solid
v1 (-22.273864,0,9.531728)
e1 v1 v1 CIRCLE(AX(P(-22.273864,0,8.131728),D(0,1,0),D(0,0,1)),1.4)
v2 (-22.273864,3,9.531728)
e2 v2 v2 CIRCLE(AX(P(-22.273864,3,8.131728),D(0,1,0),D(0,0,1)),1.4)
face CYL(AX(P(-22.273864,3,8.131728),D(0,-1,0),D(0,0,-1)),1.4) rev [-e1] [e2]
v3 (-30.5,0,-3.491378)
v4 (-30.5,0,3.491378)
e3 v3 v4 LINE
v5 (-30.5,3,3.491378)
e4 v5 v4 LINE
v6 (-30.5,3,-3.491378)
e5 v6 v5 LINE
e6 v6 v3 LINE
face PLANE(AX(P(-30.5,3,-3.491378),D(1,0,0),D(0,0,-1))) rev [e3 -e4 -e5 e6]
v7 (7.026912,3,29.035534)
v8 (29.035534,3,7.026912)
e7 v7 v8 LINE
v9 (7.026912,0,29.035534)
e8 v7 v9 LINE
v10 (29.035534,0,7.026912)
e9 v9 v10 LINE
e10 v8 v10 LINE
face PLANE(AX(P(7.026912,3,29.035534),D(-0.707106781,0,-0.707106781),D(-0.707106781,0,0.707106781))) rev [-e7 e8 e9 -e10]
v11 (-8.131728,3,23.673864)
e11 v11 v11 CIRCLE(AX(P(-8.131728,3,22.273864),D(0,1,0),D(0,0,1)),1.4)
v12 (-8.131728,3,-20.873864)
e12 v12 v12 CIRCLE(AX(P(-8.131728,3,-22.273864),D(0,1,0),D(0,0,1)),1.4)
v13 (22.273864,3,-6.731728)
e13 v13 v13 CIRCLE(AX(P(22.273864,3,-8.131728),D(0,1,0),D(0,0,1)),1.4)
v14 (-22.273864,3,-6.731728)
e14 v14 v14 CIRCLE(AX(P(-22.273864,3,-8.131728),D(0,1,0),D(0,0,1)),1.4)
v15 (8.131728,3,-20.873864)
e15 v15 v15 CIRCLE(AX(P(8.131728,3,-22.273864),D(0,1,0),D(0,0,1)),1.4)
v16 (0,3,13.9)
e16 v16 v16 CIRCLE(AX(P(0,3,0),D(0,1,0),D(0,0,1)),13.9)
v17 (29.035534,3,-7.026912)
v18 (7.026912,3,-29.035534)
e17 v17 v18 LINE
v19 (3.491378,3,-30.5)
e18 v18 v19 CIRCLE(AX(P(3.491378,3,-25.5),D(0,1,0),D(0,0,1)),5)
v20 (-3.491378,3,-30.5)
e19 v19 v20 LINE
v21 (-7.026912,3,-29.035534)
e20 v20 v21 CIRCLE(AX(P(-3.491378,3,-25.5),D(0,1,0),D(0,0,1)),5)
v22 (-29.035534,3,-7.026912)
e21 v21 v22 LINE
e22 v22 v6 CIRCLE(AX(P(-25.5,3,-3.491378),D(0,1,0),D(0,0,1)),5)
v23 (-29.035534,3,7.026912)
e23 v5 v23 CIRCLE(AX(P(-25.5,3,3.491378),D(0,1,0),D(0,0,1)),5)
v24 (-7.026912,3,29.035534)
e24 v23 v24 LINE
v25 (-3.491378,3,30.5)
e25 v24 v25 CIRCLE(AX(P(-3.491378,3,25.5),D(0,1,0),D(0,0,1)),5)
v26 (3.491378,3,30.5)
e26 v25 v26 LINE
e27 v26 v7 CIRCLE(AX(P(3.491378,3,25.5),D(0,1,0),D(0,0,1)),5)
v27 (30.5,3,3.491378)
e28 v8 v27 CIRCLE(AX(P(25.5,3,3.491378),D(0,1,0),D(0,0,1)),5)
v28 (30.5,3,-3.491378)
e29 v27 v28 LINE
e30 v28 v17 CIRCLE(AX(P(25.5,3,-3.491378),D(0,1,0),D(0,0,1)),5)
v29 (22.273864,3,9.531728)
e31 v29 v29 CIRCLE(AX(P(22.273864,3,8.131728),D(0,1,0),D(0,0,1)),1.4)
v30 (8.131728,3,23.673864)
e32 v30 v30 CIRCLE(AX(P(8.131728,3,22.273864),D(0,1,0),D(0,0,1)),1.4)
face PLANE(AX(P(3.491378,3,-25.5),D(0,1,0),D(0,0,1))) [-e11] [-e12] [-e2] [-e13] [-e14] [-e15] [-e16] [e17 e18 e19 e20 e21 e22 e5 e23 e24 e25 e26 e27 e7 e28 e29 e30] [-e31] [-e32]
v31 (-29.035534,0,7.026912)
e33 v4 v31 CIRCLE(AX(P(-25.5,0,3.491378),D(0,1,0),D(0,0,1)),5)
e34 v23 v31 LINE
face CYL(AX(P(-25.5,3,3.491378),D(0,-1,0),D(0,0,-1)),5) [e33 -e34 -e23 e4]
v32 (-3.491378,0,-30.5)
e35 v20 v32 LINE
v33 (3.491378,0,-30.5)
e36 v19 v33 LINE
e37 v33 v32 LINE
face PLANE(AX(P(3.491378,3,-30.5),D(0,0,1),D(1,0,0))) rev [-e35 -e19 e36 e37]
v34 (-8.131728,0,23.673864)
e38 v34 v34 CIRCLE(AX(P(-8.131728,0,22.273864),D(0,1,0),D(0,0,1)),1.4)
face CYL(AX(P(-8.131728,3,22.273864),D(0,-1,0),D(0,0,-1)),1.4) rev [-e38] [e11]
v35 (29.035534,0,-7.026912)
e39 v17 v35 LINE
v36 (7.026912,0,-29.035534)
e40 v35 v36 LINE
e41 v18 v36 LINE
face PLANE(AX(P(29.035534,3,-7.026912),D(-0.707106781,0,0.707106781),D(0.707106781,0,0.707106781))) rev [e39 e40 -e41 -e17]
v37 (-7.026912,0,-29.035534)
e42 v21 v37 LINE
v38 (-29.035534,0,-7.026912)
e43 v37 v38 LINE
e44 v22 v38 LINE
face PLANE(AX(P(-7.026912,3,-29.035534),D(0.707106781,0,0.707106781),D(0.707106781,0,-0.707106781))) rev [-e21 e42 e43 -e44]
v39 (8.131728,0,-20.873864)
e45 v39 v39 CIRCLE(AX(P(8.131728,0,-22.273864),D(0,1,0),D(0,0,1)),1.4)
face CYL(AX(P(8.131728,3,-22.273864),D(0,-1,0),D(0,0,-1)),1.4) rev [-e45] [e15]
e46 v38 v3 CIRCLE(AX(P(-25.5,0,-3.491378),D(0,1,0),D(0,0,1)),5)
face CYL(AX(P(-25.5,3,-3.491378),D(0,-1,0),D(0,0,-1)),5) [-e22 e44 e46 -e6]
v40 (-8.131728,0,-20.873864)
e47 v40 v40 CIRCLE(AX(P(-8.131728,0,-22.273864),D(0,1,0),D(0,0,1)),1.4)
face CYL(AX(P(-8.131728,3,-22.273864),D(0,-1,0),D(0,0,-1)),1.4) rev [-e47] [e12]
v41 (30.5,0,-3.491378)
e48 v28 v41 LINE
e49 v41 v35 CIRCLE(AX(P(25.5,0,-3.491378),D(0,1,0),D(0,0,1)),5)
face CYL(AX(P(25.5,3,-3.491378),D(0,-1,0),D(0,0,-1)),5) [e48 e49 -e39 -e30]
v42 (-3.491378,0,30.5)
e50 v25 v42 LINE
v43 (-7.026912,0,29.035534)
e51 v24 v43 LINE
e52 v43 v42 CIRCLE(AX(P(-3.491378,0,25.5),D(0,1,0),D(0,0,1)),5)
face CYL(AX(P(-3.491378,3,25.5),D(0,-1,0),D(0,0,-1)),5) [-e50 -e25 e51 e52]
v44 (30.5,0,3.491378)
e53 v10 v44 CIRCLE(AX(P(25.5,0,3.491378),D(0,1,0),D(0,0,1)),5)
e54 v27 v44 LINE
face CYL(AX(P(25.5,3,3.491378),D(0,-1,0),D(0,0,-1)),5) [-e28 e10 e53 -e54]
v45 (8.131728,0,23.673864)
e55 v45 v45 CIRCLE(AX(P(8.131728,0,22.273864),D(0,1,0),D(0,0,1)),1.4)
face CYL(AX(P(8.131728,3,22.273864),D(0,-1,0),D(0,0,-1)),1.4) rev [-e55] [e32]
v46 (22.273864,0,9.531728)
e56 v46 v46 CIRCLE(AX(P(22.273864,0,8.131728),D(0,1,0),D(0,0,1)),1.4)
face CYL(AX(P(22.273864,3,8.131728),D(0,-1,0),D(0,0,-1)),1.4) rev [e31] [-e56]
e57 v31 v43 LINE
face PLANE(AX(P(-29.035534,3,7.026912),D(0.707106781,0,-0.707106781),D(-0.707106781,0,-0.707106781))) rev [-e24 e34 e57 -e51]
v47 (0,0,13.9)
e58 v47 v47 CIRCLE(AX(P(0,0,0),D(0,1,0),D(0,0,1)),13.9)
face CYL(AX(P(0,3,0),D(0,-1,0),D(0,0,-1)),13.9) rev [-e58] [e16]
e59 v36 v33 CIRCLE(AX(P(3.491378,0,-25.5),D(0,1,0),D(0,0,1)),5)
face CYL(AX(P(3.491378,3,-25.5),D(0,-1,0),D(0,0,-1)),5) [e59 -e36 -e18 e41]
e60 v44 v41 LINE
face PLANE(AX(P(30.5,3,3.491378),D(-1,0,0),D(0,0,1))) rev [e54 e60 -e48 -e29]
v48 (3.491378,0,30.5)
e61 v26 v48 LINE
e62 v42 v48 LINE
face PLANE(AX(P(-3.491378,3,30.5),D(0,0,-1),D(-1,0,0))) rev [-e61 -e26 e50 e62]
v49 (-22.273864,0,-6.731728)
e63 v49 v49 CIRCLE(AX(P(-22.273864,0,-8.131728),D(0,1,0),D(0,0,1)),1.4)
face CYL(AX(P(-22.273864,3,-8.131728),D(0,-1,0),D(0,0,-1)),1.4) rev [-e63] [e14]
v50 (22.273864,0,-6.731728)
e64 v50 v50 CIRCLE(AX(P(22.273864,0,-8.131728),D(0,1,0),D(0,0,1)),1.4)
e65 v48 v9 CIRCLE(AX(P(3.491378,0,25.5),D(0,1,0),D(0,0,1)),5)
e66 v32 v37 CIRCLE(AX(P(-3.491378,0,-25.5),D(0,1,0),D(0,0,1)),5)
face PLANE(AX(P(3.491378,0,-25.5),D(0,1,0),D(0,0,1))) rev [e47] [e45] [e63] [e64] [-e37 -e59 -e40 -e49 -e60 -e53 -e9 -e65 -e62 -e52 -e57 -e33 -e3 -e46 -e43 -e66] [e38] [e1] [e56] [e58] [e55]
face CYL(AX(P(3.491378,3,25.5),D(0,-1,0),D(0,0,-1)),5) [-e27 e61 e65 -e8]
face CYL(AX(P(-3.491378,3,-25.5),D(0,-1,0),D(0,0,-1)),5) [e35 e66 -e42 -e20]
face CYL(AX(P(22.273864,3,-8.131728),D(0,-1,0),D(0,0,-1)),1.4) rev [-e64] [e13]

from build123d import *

# Parameters (mm, degrees)
SKETCH1_R           = 13.9
SKETCH1_R_2         = 1.4
BOSS_EXTRUDE1_DEPTH = 3


with BuildPart() as part:
    # Sketch1 → Boss-Extrude1 (new body)
    with BuildSketch(Plane(origin=(0, 0, 0), x_dir=(1, 0, 0), z_dir=(0, 1, 0))):
        with BuildLine():
            Line((3.491378029, 30.5), (-3.491378029, 30.5))
            ThreePointArc((-3.491378029, 30.5), (-5.40479519, 30.119397663), (-7.026911935, 29.035533906))
            Line((-7.026911935, 29.035533906), (-29.035533906, 7.026911935))
            ThreePointArc((-29.035533906, 7.026911935), (-30.119397663, 5.40479519), (-30.5, 3.491378029))
            Line((-30.5, 3.491378029), (-30.5, -3.491378029))
            ThreePointArc((-30.5, -3.491378029), (-30.119397663, -5.40479519), (-29.035533906, -7.026911935))
            Line((-29.035533906, -7.026911935), (-7.026911935, -29.035533906))
            ThreePointArc((-7.026911935, -29.035533906), (-5.40479519, -30.119397663), (-3.491378029, -30.5))
            Line((-3.491378029, -30.5), (3.491378029, -30.5))
            ThreePointArc((3.491378029, -30.5), (5.40479519, -30.119397663), (7.026911935, -29.035533906))
            Line((7.026911935, -29.035533906), (29.035533906, -7.026911935))
            ThreePointArc((29.035533906, -7.026911935), (30.119397663, -5.40479519), (30.5, -3.491378029))
            Line((30.5, -3.491378029), (30.5, 3.491378029))
            ThreePointArc((30.5, 3.491378029), (30.119397663, 5.40479519), (29.035533906, 7.026911935))
            Line((29.035533906, 7.026911935), (7.026911935, 29.035533906))
            ThreePointArc((7.026911935, 29.035533906), (5.40479519, 30.119397663), (3.491378029, 30.5))
        make_face()
        Circle(SKETCH1_R, mode=Mode.SUBTRACT)
        with Locations((8.131727984, -22.273863607)):
            Circle(SKETCH1_R_2, mode=Mode.SUBTRACT)
        with Locations((-8.131727984, -22.273863607)):
            Circle(SKETCH1_R_2, mode=Mode.SUBTRACT)
        with Locations((-22.273863607, -8.131727984)):
            Circle(SKETCH1_R_2, mode=Mode.SUBTRACT)
        with Locations((22.273863607, -8.131727984)):
            Circle(SKETCH1_R_2, mode=Mode.SUBTRACT)
        with Locations((22.273863607, 8.131727984)):
            Circle(SKETCH1_R_2, mode=Mode.SUBTRACT)
        with Locations((8.131727984, 22.273863607)):
            Circle(SKETCH1_R_2, mode=Mode.SUBTRACT)
        with Locations((-8.131727984, 22.273863607)):
            Circle(SKETCH1_R_2, mode=Mode.SUBTRACT)
        with Locations((-22.273863607, 8.131727984)):
            Circle(SKETCH1_R_2, mode=Mode.SUBTRACT)
    extrude(amount=BOSS_EXTRUDE1_DEPTH)


solid = part.part
